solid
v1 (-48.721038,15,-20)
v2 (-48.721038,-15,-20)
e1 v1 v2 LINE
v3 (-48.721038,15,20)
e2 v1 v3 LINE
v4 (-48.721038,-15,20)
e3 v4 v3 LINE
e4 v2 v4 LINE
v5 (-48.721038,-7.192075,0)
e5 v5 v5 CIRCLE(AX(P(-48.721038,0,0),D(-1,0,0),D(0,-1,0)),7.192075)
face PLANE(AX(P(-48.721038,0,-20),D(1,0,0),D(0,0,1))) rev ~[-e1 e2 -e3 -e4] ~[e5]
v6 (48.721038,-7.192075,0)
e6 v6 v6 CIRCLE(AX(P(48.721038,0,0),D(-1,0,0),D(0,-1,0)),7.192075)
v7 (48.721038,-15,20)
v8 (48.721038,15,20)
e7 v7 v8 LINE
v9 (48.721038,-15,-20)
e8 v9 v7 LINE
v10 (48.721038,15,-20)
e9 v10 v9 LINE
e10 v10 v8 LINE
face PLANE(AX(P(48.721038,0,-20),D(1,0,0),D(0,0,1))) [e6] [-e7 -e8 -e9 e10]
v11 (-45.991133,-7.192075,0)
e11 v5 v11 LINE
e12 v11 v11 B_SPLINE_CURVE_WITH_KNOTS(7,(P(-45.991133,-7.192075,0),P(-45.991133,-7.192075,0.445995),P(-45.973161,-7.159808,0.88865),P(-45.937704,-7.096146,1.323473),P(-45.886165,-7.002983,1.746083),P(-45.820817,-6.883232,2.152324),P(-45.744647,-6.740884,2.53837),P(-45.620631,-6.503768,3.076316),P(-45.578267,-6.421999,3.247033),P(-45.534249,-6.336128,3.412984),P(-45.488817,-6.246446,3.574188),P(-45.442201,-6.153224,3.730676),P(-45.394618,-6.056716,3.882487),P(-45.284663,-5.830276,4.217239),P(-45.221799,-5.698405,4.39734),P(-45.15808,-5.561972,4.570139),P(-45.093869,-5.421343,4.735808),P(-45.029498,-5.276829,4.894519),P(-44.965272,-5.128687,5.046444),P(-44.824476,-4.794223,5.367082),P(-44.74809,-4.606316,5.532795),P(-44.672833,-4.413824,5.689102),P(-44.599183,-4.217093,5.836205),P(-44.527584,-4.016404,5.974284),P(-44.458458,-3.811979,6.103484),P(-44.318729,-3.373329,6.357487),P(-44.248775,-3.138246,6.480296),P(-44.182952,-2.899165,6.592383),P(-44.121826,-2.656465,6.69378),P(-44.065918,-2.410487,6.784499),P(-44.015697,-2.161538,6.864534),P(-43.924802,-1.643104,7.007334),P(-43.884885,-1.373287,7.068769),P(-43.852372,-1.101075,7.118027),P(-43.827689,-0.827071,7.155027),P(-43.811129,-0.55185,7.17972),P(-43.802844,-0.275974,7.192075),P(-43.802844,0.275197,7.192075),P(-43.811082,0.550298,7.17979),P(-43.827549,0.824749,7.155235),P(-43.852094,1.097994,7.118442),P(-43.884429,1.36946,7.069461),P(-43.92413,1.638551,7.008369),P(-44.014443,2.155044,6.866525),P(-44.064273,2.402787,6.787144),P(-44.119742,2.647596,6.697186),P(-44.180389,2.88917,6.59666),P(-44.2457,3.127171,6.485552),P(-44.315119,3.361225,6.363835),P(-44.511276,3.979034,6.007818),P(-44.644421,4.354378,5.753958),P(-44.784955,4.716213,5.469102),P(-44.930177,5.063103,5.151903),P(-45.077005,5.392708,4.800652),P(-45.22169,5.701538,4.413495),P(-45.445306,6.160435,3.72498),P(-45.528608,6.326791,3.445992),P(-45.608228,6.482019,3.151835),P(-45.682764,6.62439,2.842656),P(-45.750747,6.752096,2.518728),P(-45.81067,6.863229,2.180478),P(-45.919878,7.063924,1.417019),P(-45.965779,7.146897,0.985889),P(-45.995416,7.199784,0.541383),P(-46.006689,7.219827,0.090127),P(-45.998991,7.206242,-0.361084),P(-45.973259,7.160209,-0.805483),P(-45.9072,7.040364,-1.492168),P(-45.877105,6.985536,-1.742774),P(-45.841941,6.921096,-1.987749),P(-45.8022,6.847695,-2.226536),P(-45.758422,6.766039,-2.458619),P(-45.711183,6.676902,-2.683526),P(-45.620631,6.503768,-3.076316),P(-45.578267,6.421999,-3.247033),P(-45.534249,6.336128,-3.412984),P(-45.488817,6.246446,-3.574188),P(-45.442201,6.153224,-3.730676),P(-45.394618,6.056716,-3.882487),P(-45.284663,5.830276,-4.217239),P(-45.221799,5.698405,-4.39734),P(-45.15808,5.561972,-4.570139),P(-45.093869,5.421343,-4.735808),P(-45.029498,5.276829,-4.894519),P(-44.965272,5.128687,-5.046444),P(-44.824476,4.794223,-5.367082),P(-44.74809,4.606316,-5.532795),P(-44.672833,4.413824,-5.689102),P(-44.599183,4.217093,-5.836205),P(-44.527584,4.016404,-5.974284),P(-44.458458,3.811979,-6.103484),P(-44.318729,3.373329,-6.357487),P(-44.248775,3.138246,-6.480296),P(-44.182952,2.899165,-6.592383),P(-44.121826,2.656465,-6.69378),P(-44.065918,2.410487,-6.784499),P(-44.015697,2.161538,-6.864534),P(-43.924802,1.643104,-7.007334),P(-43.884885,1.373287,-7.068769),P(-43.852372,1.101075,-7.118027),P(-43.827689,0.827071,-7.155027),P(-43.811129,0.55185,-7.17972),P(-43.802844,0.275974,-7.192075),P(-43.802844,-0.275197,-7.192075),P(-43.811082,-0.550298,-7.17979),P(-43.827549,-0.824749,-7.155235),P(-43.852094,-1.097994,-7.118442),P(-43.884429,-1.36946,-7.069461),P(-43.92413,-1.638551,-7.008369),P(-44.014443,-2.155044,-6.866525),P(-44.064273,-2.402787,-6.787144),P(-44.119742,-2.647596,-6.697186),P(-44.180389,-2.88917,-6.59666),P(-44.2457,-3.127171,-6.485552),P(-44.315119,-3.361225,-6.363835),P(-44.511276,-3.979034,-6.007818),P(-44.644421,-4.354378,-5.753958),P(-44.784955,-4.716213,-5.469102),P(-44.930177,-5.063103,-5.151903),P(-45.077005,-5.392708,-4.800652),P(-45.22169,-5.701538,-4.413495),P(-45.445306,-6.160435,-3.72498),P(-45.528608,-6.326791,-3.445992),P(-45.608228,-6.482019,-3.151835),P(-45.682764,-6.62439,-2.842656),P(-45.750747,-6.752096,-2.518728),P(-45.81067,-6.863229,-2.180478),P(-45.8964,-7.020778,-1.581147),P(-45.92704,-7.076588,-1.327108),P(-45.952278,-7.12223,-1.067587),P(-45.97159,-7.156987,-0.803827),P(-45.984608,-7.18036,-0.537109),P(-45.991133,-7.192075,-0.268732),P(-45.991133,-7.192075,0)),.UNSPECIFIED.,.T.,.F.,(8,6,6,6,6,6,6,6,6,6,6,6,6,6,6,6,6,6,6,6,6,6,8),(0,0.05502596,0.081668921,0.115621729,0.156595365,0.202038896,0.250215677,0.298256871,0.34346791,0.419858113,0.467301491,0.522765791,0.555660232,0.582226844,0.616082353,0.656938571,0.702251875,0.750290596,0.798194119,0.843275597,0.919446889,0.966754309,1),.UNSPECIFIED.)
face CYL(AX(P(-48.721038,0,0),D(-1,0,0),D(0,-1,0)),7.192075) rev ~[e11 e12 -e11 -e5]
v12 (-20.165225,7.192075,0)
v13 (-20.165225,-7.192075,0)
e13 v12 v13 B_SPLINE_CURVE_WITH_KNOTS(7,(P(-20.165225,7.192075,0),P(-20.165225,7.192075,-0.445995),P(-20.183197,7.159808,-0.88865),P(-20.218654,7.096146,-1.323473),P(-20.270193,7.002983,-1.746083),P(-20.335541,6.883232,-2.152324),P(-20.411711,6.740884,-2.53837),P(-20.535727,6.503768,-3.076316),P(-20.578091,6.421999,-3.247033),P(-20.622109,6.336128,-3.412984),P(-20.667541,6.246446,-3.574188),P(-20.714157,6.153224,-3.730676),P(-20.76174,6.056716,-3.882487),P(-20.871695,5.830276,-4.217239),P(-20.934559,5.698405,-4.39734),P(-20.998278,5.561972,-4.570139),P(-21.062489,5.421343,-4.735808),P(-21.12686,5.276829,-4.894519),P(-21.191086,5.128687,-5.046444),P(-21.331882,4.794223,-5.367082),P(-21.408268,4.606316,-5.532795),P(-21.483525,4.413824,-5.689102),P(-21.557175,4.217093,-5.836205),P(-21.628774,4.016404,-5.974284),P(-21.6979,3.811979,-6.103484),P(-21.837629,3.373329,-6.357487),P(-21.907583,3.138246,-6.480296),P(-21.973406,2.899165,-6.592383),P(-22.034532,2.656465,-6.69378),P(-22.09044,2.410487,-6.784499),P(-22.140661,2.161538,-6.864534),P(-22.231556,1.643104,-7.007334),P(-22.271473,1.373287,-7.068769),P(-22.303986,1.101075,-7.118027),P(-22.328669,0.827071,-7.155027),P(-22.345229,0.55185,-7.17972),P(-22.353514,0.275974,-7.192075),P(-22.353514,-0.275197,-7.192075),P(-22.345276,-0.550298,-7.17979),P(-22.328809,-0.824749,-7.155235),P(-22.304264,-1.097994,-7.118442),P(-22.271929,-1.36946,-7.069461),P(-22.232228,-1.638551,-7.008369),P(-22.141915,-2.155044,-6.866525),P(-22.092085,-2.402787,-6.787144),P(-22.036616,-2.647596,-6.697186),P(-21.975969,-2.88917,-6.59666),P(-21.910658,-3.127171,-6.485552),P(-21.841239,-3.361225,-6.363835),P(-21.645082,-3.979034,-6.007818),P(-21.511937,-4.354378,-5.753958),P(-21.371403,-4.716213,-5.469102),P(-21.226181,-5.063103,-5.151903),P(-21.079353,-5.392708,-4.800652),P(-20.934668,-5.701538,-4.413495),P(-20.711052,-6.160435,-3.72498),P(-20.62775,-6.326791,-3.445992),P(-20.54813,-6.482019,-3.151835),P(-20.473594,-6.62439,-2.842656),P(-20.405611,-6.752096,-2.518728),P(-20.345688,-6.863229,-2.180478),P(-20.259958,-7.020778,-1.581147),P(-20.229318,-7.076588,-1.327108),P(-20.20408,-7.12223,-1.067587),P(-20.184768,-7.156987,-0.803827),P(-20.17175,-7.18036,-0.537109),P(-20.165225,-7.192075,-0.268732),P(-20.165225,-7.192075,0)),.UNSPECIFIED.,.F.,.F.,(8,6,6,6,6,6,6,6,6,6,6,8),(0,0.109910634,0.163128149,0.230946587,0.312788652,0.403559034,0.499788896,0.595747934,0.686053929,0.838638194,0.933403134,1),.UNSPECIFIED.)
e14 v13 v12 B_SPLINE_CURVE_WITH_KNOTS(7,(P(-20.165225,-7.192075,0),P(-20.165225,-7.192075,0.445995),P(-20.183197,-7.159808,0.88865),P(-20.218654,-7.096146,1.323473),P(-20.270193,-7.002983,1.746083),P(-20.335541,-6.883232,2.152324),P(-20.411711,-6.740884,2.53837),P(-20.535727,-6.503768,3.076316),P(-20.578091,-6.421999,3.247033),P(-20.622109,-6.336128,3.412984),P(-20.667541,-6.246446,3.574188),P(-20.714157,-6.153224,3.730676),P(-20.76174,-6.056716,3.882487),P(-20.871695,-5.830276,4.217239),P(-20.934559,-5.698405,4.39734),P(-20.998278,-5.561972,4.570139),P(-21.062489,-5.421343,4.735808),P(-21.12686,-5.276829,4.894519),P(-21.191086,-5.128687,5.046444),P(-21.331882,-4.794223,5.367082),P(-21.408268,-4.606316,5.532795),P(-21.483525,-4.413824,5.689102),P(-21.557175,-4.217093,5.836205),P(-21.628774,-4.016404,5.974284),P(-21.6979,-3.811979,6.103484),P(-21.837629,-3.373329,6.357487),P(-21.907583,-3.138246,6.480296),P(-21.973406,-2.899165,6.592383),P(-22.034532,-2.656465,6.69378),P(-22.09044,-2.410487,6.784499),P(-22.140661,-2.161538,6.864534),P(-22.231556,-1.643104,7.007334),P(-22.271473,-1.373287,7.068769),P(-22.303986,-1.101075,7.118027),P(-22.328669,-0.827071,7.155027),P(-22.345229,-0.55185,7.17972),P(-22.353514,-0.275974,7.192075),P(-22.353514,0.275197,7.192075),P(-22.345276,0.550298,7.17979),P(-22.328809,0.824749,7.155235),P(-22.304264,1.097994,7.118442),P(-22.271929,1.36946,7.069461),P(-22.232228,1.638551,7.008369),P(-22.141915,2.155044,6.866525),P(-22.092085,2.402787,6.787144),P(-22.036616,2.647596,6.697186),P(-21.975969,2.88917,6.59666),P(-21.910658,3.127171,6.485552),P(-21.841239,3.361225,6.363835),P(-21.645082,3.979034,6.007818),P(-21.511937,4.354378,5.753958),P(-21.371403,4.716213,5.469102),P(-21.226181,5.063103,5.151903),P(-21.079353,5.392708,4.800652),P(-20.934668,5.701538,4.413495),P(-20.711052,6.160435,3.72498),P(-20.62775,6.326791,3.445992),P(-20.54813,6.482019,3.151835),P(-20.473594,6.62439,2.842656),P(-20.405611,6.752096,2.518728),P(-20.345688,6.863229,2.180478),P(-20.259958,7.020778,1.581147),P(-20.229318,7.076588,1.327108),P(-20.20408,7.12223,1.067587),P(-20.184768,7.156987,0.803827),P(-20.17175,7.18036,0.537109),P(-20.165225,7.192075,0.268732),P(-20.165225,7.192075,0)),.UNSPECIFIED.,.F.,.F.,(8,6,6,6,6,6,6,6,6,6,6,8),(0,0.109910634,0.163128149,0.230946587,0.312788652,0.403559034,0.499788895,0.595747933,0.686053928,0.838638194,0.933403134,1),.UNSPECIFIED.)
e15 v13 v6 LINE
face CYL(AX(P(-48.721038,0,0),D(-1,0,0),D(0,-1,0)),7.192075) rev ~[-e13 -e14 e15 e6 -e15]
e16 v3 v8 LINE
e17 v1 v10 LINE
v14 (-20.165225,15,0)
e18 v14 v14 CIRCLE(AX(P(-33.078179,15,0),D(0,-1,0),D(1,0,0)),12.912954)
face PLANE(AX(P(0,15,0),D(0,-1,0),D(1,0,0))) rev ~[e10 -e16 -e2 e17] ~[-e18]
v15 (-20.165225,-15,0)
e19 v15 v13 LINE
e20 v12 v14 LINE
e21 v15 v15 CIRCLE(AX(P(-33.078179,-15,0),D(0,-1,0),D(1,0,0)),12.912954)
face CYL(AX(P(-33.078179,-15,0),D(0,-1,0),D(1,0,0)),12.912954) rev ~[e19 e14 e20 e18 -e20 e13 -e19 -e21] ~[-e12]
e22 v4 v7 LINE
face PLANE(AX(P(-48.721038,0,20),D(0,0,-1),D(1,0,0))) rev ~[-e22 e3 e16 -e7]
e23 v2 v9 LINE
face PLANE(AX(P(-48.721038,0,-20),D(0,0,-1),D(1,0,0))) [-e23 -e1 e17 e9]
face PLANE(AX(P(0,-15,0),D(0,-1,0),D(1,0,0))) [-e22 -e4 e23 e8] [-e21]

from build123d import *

# Parameters (mm, degrees)
F0_W     = 97.442076
F0_H     = 40
F1_DEPTH = 15
F2_R     = 12.912954
F3_DEPTH = 100
F4_R     = 7.192075
F5_DEPTH = 1000


with BuildPart() as f1:
    # F0 (on Front) → F1 (new body, symmetric)
    with BuildSketch(Plane.XZ):
        Rectangle(F0_W, F0_H)
    extrude(amount=F1_DEPTH, both=True)

    # F2 (on face) → F3 (cut)
    with BuildSketch(Plane.XZ.offset(15)):
        with Locations((-33.078179, 0)):
            Circle(F2_R)
    extrude(amount=-F3_DEPTH, mode=Mode.SUBTRACT)

    # F4 (on face) → F5 (cut)
    with BuildSketch(Plane(origin=(-48.721038, 0, 0), x_dir=(0, -1, 0), z_dir=(-1, 0, 0))):
        Circle(F4_R)
    extrude(amount=-F5_DEPTH, mode=Mode.SUBTRACT)


solid = f1.part
